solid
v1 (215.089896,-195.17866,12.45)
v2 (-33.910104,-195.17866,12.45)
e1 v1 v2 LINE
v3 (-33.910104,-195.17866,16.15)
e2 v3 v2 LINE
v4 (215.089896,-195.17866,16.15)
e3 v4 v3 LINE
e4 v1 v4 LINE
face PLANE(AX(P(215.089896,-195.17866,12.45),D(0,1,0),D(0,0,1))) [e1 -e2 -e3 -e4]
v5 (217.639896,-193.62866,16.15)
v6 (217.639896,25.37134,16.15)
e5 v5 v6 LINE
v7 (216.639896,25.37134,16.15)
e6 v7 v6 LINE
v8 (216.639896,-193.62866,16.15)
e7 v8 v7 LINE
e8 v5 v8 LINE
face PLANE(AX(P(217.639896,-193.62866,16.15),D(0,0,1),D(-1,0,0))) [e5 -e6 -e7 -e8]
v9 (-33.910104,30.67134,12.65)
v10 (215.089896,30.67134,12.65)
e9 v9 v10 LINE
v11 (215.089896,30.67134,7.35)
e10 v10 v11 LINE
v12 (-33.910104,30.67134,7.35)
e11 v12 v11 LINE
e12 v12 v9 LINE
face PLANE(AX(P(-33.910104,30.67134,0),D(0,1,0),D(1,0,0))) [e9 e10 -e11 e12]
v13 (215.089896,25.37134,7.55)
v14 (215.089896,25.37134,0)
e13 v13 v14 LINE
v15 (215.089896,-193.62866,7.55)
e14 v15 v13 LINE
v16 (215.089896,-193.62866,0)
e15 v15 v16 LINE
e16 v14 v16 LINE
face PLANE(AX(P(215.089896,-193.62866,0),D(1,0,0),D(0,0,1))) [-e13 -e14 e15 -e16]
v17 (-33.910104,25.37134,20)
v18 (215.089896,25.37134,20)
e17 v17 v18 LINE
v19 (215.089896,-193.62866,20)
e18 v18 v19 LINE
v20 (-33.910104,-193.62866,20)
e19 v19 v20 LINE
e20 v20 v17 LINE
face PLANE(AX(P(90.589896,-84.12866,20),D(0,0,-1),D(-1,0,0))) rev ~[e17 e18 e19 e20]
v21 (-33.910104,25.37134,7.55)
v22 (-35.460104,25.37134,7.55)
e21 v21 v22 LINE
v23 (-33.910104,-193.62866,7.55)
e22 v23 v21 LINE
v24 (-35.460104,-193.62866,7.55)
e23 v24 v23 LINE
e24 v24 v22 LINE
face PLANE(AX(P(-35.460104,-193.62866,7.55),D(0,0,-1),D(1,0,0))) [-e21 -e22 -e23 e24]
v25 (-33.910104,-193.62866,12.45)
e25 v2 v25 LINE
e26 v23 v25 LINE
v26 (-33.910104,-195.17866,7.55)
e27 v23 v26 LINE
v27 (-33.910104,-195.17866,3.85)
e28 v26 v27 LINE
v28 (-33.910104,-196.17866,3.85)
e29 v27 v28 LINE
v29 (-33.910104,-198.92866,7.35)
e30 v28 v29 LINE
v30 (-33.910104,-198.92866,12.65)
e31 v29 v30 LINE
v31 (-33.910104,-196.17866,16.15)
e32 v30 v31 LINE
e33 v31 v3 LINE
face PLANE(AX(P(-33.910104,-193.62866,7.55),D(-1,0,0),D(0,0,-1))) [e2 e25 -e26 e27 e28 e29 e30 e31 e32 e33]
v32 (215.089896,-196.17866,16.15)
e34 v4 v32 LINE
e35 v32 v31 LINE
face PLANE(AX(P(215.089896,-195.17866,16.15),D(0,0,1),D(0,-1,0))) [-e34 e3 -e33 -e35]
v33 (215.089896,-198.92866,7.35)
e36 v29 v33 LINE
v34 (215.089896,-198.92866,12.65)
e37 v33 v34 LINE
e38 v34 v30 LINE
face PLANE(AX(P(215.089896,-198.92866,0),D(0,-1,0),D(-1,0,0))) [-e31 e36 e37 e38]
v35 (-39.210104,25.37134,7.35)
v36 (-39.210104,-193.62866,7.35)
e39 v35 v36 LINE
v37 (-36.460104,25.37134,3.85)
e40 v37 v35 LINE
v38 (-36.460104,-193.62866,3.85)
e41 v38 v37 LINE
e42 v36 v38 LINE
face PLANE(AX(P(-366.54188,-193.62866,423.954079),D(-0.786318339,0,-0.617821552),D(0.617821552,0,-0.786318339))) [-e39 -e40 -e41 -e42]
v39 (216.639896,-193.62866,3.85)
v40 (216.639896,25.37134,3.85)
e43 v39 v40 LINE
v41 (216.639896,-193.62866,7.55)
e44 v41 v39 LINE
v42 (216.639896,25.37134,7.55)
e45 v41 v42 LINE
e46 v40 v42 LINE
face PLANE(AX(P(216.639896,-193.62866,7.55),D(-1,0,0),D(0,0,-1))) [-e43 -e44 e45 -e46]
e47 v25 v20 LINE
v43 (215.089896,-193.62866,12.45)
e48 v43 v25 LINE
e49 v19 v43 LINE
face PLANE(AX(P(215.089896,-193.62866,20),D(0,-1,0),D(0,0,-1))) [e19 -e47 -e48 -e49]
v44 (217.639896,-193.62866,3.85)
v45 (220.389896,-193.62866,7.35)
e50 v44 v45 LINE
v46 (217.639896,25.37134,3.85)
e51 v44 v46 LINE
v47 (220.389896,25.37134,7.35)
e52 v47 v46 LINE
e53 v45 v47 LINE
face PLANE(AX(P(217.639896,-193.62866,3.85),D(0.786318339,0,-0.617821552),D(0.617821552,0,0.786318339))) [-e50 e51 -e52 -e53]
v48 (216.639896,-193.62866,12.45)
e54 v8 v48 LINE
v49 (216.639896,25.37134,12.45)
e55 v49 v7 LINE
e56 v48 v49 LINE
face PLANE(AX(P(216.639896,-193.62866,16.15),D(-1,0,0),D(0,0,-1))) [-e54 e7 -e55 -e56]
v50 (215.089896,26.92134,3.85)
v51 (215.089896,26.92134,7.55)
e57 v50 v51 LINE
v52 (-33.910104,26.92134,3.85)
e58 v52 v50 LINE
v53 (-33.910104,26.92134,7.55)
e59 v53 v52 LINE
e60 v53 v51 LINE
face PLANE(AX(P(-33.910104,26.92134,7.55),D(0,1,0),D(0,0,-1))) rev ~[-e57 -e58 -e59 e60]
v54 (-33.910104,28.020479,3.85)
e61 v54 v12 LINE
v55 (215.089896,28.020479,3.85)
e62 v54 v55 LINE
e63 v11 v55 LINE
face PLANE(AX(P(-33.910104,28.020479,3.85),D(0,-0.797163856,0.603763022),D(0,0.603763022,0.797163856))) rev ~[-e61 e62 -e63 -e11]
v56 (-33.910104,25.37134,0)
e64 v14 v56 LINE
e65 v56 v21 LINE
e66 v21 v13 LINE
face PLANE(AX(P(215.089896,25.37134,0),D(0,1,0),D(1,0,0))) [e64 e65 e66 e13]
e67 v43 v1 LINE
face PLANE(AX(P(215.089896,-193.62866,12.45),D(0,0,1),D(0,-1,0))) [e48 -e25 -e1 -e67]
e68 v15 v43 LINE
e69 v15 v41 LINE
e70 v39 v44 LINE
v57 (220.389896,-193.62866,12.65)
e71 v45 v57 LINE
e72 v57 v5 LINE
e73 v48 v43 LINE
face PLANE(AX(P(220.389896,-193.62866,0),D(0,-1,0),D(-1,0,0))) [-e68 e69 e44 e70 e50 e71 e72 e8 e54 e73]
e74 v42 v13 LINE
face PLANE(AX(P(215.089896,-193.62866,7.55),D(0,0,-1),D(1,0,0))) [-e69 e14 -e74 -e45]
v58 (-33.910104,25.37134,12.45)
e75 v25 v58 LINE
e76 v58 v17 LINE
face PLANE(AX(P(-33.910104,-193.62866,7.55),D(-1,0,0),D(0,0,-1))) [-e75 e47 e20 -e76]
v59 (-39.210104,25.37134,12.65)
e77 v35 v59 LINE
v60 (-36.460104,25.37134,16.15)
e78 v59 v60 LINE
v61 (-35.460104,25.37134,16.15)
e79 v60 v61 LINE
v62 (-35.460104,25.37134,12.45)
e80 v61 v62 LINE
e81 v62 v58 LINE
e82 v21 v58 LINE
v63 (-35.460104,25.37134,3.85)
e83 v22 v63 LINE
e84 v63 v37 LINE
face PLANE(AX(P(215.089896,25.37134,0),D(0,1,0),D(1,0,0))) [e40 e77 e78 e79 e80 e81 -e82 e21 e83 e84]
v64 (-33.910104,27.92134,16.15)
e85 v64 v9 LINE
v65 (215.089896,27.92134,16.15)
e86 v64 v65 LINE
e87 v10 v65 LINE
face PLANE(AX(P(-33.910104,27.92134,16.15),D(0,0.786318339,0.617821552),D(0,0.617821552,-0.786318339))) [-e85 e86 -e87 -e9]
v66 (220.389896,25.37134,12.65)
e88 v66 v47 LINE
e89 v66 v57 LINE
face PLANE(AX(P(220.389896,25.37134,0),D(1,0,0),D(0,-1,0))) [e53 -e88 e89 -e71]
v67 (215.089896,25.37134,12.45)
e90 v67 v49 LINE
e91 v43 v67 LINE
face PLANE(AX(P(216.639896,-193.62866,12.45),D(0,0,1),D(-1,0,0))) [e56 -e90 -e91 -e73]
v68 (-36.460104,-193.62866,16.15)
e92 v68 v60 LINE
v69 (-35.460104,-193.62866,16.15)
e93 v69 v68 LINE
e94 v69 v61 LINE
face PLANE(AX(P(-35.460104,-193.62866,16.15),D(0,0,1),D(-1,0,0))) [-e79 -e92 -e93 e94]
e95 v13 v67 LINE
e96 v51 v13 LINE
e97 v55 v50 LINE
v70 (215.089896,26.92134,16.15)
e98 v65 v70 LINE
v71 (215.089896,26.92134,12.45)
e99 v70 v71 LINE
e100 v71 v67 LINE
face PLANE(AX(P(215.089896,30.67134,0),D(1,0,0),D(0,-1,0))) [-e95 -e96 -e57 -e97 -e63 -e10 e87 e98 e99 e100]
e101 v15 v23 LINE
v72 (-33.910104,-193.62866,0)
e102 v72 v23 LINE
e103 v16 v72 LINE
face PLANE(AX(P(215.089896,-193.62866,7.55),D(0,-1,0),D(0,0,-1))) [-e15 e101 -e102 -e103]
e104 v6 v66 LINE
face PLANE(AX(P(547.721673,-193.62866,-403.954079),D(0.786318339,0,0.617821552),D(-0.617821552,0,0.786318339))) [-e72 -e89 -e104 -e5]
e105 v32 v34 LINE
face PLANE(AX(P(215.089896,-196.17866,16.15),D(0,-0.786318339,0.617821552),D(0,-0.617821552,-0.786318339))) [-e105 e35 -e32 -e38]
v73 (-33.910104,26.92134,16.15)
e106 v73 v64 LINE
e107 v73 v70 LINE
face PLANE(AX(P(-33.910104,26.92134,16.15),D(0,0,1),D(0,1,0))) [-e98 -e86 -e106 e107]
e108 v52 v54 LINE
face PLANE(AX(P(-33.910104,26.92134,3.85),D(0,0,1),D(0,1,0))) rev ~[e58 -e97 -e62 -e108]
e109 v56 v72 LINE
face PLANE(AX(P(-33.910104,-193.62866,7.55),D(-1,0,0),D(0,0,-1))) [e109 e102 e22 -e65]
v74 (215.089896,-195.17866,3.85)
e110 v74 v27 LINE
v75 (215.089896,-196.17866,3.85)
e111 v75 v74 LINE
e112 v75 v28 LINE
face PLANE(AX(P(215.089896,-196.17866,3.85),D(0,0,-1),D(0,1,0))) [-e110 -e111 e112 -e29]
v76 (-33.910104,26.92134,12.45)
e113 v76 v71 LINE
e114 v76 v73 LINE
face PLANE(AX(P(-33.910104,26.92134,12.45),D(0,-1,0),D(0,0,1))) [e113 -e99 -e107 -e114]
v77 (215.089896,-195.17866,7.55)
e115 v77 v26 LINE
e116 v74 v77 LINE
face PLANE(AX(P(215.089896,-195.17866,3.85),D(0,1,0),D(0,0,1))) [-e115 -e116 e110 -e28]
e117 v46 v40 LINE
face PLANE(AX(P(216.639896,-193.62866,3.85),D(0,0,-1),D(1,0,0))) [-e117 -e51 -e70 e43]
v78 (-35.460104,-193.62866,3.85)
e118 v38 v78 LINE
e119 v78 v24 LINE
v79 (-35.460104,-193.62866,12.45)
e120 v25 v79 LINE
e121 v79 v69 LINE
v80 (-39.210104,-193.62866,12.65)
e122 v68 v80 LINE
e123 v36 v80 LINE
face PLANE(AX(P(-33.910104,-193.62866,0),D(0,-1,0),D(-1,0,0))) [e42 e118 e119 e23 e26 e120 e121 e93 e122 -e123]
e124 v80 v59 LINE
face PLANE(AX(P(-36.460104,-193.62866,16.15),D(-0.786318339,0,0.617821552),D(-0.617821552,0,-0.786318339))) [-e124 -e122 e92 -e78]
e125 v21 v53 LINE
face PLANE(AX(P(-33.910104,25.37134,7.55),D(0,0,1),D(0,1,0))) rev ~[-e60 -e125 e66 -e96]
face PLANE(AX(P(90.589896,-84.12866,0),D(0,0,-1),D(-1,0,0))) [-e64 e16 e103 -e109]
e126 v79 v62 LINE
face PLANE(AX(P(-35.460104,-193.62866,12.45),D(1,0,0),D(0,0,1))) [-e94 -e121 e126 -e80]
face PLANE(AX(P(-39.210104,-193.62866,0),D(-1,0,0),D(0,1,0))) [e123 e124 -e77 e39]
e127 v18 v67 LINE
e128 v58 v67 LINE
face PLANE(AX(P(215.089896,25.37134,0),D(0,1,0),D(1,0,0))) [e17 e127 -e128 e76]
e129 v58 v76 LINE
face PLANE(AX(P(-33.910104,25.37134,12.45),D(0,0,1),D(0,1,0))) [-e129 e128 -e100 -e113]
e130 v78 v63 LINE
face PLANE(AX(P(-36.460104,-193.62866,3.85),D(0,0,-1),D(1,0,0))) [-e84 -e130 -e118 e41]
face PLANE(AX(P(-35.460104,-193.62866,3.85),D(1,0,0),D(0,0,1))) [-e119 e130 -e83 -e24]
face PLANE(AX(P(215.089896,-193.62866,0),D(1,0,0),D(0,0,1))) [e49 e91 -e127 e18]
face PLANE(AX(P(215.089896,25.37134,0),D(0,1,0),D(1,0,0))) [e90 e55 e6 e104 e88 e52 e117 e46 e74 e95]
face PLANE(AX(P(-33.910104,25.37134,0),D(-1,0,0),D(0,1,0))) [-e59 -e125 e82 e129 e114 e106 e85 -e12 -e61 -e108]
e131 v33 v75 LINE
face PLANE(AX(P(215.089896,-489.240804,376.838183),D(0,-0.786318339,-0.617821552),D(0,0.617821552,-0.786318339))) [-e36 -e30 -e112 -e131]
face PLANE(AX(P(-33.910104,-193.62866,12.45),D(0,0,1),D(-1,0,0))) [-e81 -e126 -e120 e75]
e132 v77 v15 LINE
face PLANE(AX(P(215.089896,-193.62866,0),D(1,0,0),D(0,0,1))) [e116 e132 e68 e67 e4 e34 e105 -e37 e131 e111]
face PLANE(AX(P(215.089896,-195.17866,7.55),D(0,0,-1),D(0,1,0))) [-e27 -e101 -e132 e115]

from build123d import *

# Parameters (mm, degrees)
BOSS_EXTRU_1_DEPTH            = 20
ENL_V_MAT_EXTRU_2_DEPTH       = 324.482768921
ENL_V_MAT_EXTRU_2_DEPTH_BACK  = 249
ENL_V_MAT_EXTRU_3_DEPTH       = 324.482768921
ENL_V_MAT_EXTRU_3_DEPTH_BACK  = 249
ENL_V_MAT_EXTRU_4_DEPTH       = 316.090774845
ENL_V_MAT_EXTRU_4_DEPTH_BACK  = 219
ENL_V_MAT_EXTRU_5_DEPTH       = 316.090774845
ENL_V_MAT_EXTRU_5_DEPTH_BACK  = 219
ENL_V_MAT_EXTRU_7_DEPTH       = 316.090774845
ENL_V_MAT_EXTRU_7_DEPTH_BACK  = 219
ENL_V_MAT_EXTRU_8_DEPTH       = 316.090774845
ENL_V_MAT_EXTRU_8_DEPTH_BACK  = 219
ENL_V_MAT_EXTRU_9_DEPTH       = 324.482768921
ENL_V_MAT_EXTRU_9_DEPTH_BACK  = 249
ENL_V_MAT_EXTRU_10_DEPTH      = 324.482768921
ENL_V_MAT_EXTRU_10_DEPTH_BACK = 249


with BuildPart() as part:
    # Esquisse1 → Boss.-Extru.1 (new body)
    with BuildSketch(Plane.XY):
        Polygon((-33.910103697, 30.671339951), (215.089896303, 30.671339951), (215.089896303, 25.371339951), (220.389896303, 25.371339951), (220.389896303, -193.628660049), (215.089896303, -193.628660049), (215.089896303, -198.928660049), (-33.910103697, -198.928660049), (-33.910103697, -193.628660049), (-39.210103697, -193.628660049), (-39.210103697, 25.371339951), (-33.910103697, 25.371339951), align=None)
    extrude(amount=BOSS_EXTRU_1_DEPTH)

    # Esquisse2 → Enlèv. mat.-Extru.2 (cut, two sides: drawn at the far end of the back side and taken through both)
    with BuildSketch(Plane(origin=(215.089896303, 0, 0), x_dir=(0, 0, -1), z_dir=(1, 0, 0)).offset(-ENL_V_MAT_EXTRU_2_DEPTH_BACK)):
        Polygon((-489.896433994, 25.371339951), (-20, 25.371339951), (-12.45, 25.371339951), (-12.45, 26.921339951), (-16.15, 26.921339951), (-16.15, 27.921339951), (-12.65, 30.671339951), (356.838183396, 320.983484048), (47.072753092, 1208.257969711), (-799.661864298, 912.645825614), align=None)
    extrude(amount=ENL_V_MAT_EXTRU_2_DEPTH + ENL_V_MAT_EXTRU_2_DEPTH_BACK, mode=Mode.SUBTRACT)

    # Esquisse3 → Enlèv. mat.-Extru.3 (cut, two sides: drawn at the far end of the back side and taken through both)
    with BuildSketch(Plane(origin=(215.089896303, 0, 0), x_dir=(0, 0, -1), z_dir=(1, 0, 0)).offset(-ENL_V_MAT_EXTRU_3_DEPTH_BACK)):
        Polygon((469.896433994, 25.371339951), (0, 25.371339951), (-7.55, 25.371339951), (-7.55, 26.921339951), (-3.85, 26.921339951), (-3.85, 28.020478953), (-7.35, 30.671339951), (-381.934453377, 314.377430771), (-79.989898168, 1204.343789854), (771.840989202, 915.337699034), align=None)
    extrude(amount=ENL_V_MAT_EXTRU_3_DEPTH + ENL_V_MAT_EXTRU_3_DEPTH_BACK, mode=Mode.SUBTRACT)

    # Esquisse5 → Enlèv. mat.-Extru.4 (cut, two sides: drawn at the far end of the back side and taken through both)
    with BuildSketch(Plane(origin=(0, 25.371339951, 0), x_dir=(1, 0, 0), z_dir=(0, 1, 0)).offset(-ENL_V_MAT_EXTRU_4_DEPTH_BACK)):
        Polygon((215.089896303, 0), (215.089896303, -7.55), (216.639896303, -7.55), (216.639896303, -3.85), (217.639896303, -3.85), (220.389896303, -7.35), (220.389896303, 0), align=None)
    extrude(amount=ENL_V_MAT_EXTRU_4_DEPTH + ENL_V_MAT_EXTRU_4_DEPTH_BACK, mode=Mode.SUBTRACT)

    # Esquisse7 → Enlèv. mat.-Extru.5 (cut, two sides: drawn at the far end of the back side and taken through both)
    with BuildSketch(Plane(origin=(0, 25.371339951, 0), x_dir=(1, 0, 0), z_dir=(0, 1, 0)).offset(-ENL_V_MAT_EXTRU_5_DEPTH_BACK)):
        Polygon((547.721673026, 403.954079466), (220.389896303, -12.65), (217.639896303, -16.15), (216.639896303, -16.15), (216.639896303, -12.45), (215.089896303, -12.45), (215.089896303, -20), (215.089896303, -549.816054004), (1215.620408753, -898.755730707), (1548.252185476, 55.014402763), align=None)
    extrude(amount=ENL_V_MAT_EXTRU_5_DEPTH + ENL_V_MAT_EXTRU_5_DEPTH_BACK, mode=Mode.SUBTRACT)

    # Esquisse9 → Enlèv. mat.-Extru.7 (cut, two sides: drawn at the far end of the back side and taken through both)
    with BuildSketch(Plane(origin=(0, 25.371339951, 0), x_dir=(1, 0, 0), z_dir=(0, 1, 0)).offset(-ENL_V_MAT_EXTRU_7_DEPTH_BACK)):
        Polygon((-33.910103697, -20), (-33.910103697, -12.45), (-35.460103697, -12.45), (-35.460103697, -16.15), (-36.460103697, -16.15), (-39.210103697, -12.65), (-39.210103697, -20), align=None)
    extrude(amount=ENL_V_MAT_EXTRU_7_DEPTH + ENL_V_MAT_EXTRU_7_DEPTH_BACK, mode=Mode.SUBTRACT)

    # Esquisse10 → Enlèv. mat.-Extru.8 (cut, two sides: drawn at the far end of the back side and taken through both)
    with BuildSketch(Plane(origin=(0, 25.371339951, 0), x_dir=(1, 0, 0), z_dir=(0, 1, 0)).offset(-ENL_V_MAT_EXTRU_8_DEPTH_BACK)):
        Polygon((-366.54188042, -423.954079466), (-39.210103697, -7.35), (-36.460103697, -3.85), (-35.460103697, -3.85), (-35.460103697, -7.55), (-33.910103697, -7.55), (-33.910103697, 0), (-33.910103697, 529.816054004), (-1034.440616146, 878.755730707), (-1367.072392869, -75.014402763), align=None)
    extrude(amount=ENL_V_MAT_EXTRU_8_DEPTH + ENL_V_MAT_EXTRU_8_DEPTH_BACK, mode=Mode.SUBTRACT)

    # Esquisse12 → Enlèv. mat.-Extru.9 (cut, two sides: drawn at the far end of the back side and taken through both)
    with BuildSketch(Plane.ZY.offset(33.910103697).offset(-ENL_V_MAT_EXTRU_9_DEPTH_BACK)):
        Polygon((20, -193.628660049), (12.45, -193.628660049), (12.45, -195.178660049), (16.15, -195.178660049), (16.15, -196.178660049), (12.65, -198.928660049), (20, -198.928660049), align=None)
    extrude(amount=ENL_V_MAT_EXTRU_9_DEPTH + ENL_V_MAT_EXTRU_9_DEPTH_BACK, mode=Mode.SUBTRACT)

    # Esquisse13 → Enlèv. mat.-Extru.10 (cut, two sides: drawn at the far end of the back side and taken through both)
    with BuildSketch(Plane.ZY.offset(33.910103697).offset(-ENL_V_MAT_EXTRU_10_DEPTH_BACK)):
        Polygon((376.838183396, -489.240804146), (7.35, -198.928660049), (3.85, -196.178660049), (3.85, -195.178660049), (7.55, -195.178660049), (7.55, -193.628660049), (0, -193.628660049), (-469.896433994, -193.628660049), (-779.661864298, -1080.903145712), (67.072753092, -1376.515289809), align=None)
    extrude(amount=ENL_V_MAT_EXTRU_10_DEPTH + ENL_V_MAT_EXTRU_10_DEPTH_BACK, mode=Mode.SUBTRACT)


solid = part.part
